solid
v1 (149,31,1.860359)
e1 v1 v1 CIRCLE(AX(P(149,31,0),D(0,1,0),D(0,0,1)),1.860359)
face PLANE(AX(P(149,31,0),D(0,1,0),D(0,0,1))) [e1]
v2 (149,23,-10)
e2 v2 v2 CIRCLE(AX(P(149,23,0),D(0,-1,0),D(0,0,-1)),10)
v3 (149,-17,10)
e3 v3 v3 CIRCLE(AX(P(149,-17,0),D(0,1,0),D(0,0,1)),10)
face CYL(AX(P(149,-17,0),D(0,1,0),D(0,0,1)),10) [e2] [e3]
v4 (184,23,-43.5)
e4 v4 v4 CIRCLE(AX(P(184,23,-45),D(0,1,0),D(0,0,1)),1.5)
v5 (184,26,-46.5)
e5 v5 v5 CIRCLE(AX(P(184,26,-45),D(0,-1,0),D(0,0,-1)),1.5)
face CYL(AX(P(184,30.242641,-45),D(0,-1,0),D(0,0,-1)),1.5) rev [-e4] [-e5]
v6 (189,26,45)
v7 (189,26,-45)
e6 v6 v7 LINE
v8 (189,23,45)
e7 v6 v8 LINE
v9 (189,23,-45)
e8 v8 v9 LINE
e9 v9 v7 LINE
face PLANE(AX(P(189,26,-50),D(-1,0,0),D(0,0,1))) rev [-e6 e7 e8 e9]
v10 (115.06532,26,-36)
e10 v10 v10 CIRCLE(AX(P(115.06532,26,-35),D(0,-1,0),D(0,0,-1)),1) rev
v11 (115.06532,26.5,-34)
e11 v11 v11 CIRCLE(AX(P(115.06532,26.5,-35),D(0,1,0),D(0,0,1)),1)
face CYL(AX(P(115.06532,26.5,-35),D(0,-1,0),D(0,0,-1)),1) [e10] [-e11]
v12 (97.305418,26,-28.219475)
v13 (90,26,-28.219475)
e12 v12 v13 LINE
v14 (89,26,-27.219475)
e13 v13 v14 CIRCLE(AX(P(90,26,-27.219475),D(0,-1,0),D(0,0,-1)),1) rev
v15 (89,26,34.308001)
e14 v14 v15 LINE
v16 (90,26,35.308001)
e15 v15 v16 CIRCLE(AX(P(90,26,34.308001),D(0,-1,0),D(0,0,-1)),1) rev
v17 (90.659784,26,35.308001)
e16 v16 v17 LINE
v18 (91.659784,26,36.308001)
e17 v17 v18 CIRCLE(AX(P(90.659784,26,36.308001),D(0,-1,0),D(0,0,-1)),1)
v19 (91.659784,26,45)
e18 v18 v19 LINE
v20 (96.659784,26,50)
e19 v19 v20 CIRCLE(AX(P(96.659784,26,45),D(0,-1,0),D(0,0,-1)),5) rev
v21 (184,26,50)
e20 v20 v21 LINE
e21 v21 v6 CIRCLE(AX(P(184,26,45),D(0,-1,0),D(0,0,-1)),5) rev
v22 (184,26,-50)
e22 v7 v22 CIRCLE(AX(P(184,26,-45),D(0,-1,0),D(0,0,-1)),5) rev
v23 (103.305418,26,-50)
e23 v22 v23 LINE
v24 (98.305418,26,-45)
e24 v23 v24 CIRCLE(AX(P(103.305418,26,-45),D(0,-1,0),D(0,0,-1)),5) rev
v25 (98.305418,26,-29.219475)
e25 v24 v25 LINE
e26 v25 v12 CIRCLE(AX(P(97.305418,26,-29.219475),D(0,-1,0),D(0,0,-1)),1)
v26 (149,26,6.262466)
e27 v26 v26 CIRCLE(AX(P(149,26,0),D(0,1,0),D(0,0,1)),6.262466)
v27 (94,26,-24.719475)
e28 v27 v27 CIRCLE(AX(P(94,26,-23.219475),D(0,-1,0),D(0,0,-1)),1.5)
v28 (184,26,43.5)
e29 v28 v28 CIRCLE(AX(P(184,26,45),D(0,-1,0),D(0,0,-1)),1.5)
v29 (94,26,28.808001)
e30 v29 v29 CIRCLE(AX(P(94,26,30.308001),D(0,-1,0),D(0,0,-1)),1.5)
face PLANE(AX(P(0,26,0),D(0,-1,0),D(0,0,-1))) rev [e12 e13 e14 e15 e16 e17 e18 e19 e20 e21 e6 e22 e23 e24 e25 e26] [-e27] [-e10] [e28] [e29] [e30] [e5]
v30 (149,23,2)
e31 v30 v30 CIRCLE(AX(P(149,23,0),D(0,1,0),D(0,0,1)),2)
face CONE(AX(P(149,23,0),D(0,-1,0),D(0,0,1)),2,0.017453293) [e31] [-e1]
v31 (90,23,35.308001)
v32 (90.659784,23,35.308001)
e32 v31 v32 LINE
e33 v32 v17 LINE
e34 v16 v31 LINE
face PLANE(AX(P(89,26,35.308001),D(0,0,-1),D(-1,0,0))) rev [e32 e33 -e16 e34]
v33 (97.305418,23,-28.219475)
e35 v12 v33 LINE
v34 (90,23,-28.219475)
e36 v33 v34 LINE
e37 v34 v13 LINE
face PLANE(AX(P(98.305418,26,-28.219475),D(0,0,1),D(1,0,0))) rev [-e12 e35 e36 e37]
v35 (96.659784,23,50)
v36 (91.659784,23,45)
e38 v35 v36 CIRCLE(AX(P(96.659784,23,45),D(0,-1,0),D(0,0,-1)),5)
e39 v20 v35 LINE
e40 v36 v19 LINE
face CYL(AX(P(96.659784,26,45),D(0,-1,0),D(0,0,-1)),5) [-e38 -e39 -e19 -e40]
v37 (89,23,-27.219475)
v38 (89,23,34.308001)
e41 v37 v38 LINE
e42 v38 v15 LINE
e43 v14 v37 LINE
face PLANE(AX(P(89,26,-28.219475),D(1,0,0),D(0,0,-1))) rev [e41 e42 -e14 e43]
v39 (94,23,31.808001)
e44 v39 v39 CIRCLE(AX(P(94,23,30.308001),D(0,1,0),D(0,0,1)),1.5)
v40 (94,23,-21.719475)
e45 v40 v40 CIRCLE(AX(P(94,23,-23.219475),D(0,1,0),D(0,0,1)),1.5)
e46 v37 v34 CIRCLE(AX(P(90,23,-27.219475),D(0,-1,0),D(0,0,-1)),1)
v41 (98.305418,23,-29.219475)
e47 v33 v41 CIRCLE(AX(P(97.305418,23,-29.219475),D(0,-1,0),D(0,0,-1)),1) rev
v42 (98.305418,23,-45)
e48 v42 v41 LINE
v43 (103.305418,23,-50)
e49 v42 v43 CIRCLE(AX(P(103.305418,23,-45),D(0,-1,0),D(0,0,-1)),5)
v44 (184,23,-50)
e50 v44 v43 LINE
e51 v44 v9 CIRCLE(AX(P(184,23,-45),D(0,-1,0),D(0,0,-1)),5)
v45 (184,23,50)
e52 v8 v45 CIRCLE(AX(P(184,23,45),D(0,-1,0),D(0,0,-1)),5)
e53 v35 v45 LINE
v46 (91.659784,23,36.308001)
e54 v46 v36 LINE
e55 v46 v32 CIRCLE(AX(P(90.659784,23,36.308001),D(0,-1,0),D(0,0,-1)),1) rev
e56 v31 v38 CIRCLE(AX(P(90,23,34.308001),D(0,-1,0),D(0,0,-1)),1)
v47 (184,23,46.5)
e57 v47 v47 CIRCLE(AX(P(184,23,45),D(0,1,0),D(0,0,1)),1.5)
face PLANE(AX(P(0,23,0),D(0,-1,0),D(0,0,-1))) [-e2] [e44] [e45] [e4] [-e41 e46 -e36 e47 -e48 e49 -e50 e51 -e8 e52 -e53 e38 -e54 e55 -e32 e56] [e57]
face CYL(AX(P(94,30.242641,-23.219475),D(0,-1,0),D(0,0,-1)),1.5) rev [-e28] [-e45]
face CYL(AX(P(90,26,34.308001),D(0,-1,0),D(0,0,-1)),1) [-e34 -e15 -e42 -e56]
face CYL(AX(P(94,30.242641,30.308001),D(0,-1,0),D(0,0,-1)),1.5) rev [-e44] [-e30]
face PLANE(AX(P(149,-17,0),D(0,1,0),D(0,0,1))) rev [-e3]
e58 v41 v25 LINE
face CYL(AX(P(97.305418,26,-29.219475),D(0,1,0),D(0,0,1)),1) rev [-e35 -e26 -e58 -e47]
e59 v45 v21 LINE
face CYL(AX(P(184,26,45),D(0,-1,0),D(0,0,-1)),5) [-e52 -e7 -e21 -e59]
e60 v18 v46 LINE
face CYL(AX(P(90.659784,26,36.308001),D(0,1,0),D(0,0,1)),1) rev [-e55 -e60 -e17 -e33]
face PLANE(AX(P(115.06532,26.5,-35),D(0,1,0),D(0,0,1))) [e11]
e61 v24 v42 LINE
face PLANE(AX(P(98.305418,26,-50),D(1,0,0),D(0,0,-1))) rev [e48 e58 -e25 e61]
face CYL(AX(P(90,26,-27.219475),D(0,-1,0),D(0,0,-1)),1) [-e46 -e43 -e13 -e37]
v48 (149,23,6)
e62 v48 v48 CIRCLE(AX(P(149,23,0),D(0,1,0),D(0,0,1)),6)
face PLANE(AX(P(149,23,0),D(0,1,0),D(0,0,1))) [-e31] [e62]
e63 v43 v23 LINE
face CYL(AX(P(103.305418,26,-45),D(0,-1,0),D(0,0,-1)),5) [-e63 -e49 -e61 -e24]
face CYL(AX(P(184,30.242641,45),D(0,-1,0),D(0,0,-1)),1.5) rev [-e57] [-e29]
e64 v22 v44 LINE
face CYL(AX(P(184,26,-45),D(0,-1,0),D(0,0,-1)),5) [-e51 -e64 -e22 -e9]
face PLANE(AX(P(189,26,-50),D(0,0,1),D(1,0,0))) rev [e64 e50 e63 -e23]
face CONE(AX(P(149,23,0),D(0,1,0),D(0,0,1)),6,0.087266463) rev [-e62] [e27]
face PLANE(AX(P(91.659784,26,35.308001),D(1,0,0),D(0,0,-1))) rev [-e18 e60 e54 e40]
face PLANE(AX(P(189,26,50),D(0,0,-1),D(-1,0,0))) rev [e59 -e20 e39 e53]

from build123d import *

# Parameters (mm, degrees)
BOSS_EXTRUDE1_DEPTH = 3
FILLET3_R           = 5
FILLET2_R           = 1
SKETCH2_R           = 1.5
CUT_EXTRUDE1_DEPTH  = 3
SKETCH5_R           = 10
BOSS_EXTRUDE2_DEPTH = 40
SKETCH3_R           = 6
CUT_EXTRUDE3_DEPTH  = 3
CUT_EXTRUDE3_TAPER  = -5
SKETCH6_R           = 2
BOSS_EXTRUDE3_DEPTH = 8
BOSS_EXTRUDE3_TAPER = 1
SKETCH7_R           = 1
BOSS_EXTRUDE4_DEPTH = 0.5


with BuildPart() as part:
    # Sketch1 → Boss-Extrude1 (new body)
    with BuildSketch(Plane(origin=(0, 23, 0), x_dir=(1, 0, 0), z_dir=(0, 1, 0))):
        Polygon((98.305417602, 50), (98.305417602, 28.219474586), (89, 28.219474586), (89, -35.308001182), (91.659783805, -35.308001182), (91.659783805, -50), (97.650210801, -50), (189, -50), (189, 50), align=None)
    extrude(amount=BOSS_EXTRUDE1_DEPTH)

    # Fillet3
    fillet3_edges = [part.edges().sort_by_distance(p)[0] for p in [
        (189, 24.5, 50),
        (91.659783805, 24.5, 50),
        (98.305417602, 24.5, -50),
        (189, 24.5, -50),
    ]]
    fillet(fillet3_edges, radius=FILLET3_R)

    # Fillet2
    fillet2_edges = [part.edges().sort_by_distance(p)[0] for p in [
        (91.659783805, 24.5, 35.308001182),
        (89, 24.5, 35.308001182),
        (89, 24.5, -28.219474586),
        (98.305417602, 24.5, -28.219474586),
    ]]
    fillet(fillet2_edges, radius=FILLET2_R)

    # Sketch2 → Cut-Extrude1 (cut)
    with BuildSketch(Plane(origin=(0, 23, 0), x_dir=(1, 0, 0), z_dir=(0, 1, 0))):
        with Locations((184, -45)):
            Circle(SKETCH2_R)
        with Locations((94, -30.308001182)):
            Circle(SKETCH2_R)
        with Locations((94, 23.219474586)):
            Circle(SKETCH2_R)
        with Locations((184, 45)):
            Circle(SKETCH2_R)
    extrude(amount=CUT_EXTRUDE1_DEPTH, mode=Mode.SUBTRACT)

    # Sketch5 → Boss-Extrude2 (add)
    with BuildSketch(Plane(origin=(0, 23, 0), x_dir=(1, 0, 0), z_dir=(0, 1, 0))):
        with Locations((149, 0)):
            Circle(SKETCH5_R)
    extrude(amount=-BOSS_EXTRUDE2_DEPTH)

    # Sketch3 → Cut-Extrude3 (cut)
    with BuildSketch(Plane(origin=(0, 23, 0), x_dir=(1, 0, 0), z_dir=(0, 1, 0))):
        with Locations((149, 0)):
            Circle(SKETCH3_R)
    extrude(amount=CUT_EXTRUDE3_DEPTH, taper=CUT_EXTRUDE3_TAPER, mode=Mode.SUBTRACT)

    # Sketch6 → Boss-Extrude3 (add)
    with BuildSketch(Plane(origin=(0, 23, 0), x_dir=(1, 0, 0), z_dir=(0, 1, 0))):
        with Locations((149, 0)):
            Circle(SKETCH6_R)
    extrude(amount=BOSS_EXTRUDE3_DEPTH, taper=BOSS_EXTRUDE3_TAPER)

    # Sketch7 → Boss-Extrude4 (add)
    with BuildSketch(Plane(origin=(0, 26, 0), x_dir=(1, 0, 0), z_dir=(0, 1, 0))):
        with Locations((115.065320099, 35)):
            Circle(SKETCH7_R)
    extrude(amount=BOSS_EXTRUDE4_DEPTH)


solid = part.part
